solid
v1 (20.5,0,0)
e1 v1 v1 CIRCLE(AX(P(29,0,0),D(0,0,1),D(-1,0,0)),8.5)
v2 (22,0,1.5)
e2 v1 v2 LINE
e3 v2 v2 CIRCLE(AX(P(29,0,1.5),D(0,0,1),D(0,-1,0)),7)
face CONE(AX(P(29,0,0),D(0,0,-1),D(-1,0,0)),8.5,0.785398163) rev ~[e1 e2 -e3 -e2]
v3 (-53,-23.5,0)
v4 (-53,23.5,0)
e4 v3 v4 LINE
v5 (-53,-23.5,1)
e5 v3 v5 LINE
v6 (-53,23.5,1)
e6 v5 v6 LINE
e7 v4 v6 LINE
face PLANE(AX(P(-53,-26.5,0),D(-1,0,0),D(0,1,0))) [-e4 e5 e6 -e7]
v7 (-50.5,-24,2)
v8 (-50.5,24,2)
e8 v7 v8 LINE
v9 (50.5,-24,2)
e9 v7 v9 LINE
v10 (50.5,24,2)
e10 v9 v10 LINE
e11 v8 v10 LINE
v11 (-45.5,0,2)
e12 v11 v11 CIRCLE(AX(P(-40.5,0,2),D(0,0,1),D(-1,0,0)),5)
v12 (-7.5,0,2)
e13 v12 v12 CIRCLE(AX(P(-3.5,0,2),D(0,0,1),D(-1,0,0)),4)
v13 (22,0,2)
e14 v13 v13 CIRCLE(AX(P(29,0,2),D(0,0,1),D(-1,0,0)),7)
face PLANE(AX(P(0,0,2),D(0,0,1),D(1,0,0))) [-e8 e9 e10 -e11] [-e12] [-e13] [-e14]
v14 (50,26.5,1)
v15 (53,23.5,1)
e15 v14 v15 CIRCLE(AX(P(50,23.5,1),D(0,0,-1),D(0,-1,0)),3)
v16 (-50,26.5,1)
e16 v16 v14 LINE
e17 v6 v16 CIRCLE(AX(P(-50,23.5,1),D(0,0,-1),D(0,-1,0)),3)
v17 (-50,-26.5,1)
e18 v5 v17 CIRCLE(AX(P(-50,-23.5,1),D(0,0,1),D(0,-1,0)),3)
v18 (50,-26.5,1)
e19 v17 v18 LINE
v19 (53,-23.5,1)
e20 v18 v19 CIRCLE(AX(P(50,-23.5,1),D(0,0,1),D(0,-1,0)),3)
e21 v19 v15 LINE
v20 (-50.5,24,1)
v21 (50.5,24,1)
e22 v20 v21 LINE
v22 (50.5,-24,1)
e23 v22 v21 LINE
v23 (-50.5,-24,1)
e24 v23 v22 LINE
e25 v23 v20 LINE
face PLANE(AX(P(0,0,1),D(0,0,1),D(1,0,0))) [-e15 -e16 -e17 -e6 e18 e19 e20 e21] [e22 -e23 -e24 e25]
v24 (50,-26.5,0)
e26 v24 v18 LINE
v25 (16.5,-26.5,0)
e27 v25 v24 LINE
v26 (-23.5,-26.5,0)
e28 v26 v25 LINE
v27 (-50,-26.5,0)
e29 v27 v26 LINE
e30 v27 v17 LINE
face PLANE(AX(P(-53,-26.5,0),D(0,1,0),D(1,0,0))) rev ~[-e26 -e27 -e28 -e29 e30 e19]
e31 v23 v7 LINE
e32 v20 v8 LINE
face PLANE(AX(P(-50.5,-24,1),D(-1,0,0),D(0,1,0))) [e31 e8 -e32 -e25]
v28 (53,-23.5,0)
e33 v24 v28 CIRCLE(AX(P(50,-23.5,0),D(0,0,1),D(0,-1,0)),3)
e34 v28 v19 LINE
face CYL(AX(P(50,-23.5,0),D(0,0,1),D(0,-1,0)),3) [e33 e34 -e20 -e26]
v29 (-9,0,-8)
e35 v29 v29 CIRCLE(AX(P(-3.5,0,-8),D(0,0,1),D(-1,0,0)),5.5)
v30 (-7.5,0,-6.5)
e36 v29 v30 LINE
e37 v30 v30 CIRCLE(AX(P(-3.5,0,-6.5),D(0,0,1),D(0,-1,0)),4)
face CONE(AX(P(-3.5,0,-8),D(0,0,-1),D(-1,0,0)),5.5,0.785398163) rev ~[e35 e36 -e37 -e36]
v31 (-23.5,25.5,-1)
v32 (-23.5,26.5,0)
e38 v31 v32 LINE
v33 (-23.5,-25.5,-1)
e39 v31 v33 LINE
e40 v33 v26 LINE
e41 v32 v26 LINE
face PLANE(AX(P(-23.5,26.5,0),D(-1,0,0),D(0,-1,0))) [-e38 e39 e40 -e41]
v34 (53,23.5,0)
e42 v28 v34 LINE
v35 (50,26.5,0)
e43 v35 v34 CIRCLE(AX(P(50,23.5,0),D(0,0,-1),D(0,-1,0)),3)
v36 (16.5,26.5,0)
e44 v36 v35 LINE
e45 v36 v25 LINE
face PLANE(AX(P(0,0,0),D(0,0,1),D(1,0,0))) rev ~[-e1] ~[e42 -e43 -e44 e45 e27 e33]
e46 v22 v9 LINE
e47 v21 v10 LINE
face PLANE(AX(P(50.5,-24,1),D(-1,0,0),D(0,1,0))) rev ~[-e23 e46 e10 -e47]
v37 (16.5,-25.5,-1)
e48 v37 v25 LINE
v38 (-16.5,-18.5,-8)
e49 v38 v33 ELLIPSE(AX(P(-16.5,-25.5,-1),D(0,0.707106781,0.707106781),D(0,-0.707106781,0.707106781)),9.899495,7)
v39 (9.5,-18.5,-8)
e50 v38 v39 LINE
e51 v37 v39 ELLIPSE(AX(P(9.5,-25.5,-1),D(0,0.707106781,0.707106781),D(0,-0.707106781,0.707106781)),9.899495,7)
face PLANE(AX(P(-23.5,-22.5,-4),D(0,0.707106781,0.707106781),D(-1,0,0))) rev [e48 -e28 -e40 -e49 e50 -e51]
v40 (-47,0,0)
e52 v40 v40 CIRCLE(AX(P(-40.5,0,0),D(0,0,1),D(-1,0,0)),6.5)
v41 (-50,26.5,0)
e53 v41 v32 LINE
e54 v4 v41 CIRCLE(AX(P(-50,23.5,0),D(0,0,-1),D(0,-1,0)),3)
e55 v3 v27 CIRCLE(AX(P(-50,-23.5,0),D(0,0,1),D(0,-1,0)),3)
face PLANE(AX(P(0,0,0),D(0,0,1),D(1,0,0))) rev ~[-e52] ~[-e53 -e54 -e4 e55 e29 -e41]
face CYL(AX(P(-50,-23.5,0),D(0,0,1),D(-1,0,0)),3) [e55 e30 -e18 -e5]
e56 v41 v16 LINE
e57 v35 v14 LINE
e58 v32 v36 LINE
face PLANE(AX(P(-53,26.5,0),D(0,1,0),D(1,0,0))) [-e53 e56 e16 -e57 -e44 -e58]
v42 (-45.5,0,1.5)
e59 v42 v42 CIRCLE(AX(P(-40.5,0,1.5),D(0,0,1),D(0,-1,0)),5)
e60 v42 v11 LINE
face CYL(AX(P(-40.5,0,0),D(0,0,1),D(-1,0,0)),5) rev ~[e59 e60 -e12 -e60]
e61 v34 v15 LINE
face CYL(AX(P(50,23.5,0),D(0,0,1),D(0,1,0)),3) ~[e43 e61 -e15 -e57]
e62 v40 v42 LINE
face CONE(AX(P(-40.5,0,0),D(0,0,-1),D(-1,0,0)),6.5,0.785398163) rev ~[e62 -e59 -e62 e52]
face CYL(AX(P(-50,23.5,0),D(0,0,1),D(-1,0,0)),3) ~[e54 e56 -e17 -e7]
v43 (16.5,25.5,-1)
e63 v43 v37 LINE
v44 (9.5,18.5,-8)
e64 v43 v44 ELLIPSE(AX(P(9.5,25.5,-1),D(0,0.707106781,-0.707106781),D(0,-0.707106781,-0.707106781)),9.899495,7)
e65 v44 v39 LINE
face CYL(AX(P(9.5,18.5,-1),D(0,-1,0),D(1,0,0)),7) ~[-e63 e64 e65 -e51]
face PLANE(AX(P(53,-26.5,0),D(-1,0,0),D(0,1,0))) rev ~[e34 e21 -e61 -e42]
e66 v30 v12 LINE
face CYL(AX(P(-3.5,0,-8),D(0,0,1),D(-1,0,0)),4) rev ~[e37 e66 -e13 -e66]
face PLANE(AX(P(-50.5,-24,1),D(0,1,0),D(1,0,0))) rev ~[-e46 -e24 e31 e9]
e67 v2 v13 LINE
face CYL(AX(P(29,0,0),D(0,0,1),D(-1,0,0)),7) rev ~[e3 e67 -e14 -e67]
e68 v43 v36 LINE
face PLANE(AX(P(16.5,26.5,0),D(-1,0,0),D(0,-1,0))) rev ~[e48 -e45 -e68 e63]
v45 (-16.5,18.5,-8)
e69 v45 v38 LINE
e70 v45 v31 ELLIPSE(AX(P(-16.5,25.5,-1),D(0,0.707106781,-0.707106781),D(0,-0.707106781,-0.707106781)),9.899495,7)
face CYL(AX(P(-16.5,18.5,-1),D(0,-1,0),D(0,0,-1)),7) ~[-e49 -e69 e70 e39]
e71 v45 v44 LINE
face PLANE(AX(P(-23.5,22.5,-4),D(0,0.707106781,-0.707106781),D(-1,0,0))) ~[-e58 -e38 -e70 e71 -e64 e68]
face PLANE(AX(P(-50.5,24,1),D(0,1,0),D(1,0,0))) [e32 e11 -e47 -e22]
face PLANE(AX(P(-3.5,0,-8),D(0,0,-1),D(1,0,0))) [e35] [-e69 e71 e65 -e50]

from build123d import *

# Parameters (mm, degrees)
F0_W            = 106
F0_H            = 53
F1_DEPTH        = 1
F2_W            = 101
F2_H            = 48
F3_DEPTH        = 1
F4_R            = 3
F6_D            = 14
F6_CSINK_D      = 17
F6_CSINK_ANGLE  = 90
F7_D            = 10
F7_CSINK_D      = 13
F7_CSINK_ANGLE  = 90
F8_W            = 40
F8_H            = 53
F9_DEPTH        = 8
F11_D           = 8
F11_CSINK_D     = 11
F11_CSINK_ANGLE = 90
F12_SIZE        = 8
F13_R           = 7


with BuildPart() as f1:
    # F0 (on Top) → F1 (new body)
    with BuildSketch(Plane.XY):
        Rectangle(F0_W, F0_H)
    extrude(amount=F1_DEPTH)

    # F2 (on face) → F3 (join)
    with BuildSketch(Plane.XY.offset(1)):
        Rectangle(F2_W, F2_H)
    extrude(amount=F3_DEPTH)

    # F4
    f4_edges = [f1.edges().sort_by_distance(p)[0] for p in [
        (-53, -26.5, 0.5),
        (53, -26.5, 0.5),
        (53, 26.5, 0.5),
        (-53, 26.5, 0.5),
    ]]
    fillet(f4_edges, radius=F4_R)

    # F6 (through all)
    with Locations(Plane(origin=(0, 0, 0), x_dir=(1, 0, 0), z_dir=(0, 0, -1))):
        with Locations((29, 0)):
            CounterSinkHole(F6_D / 2, F6_CSINK_D / 2, counter_sink_angle=F6_CSINK_ANGLE)

    # F7 (through all)
    with Locations(Plane(origin=(0, 0, 0), x_dir=(1, 0, 0), z_dir=(0, 0, -1))):
        with Locations((-40.5, 0)):
            CounterSinkHole(F7_D / 2, F7_CSINK_D / 2, counter_sink_angle=F7_CSINK_ANGLE)

    # F8 (on face) → F9 (join)
    with BuildSketch(Plane(origin=(0, 0, 0), x_dir=(1, 0, 0), z_dir=(0, 0, -1))):
        with Locations((-3.5, 0)):
            Rectangle(F8_W, F8_H)
    extrude(amount=F9_DEPTH)

    # F11 (through all)
    with Locations(Plane(origin=(0, 0, -8), x_dir=(1, 0, 0), z_dir=(0, 0, -1))):
        with Locations((-3.5, 0)):
            CounterSinkHole(F11_D / 2, F11_CSINK_D / 2, counter_sink_angle=F11_CSINK_ANGLE)

    # F12
    f12_edges = [f1.edges().sort_by_distance(p)[0] for p in [
        (-3.5, 26.5, -8),
        (-3.5, -26.5, -8),
    ]]
    chamfer(f12_edges, length=F12_SIZE)

    # F13
    f13_edges = [f1.edges().sort_by_distance(p)[0] for p in [
        (-23.5, 0, -8),
        (16.5, 0, -8),
    ]]
    fillet(f13_edges, radius=F13_R)


solid = f1.part
